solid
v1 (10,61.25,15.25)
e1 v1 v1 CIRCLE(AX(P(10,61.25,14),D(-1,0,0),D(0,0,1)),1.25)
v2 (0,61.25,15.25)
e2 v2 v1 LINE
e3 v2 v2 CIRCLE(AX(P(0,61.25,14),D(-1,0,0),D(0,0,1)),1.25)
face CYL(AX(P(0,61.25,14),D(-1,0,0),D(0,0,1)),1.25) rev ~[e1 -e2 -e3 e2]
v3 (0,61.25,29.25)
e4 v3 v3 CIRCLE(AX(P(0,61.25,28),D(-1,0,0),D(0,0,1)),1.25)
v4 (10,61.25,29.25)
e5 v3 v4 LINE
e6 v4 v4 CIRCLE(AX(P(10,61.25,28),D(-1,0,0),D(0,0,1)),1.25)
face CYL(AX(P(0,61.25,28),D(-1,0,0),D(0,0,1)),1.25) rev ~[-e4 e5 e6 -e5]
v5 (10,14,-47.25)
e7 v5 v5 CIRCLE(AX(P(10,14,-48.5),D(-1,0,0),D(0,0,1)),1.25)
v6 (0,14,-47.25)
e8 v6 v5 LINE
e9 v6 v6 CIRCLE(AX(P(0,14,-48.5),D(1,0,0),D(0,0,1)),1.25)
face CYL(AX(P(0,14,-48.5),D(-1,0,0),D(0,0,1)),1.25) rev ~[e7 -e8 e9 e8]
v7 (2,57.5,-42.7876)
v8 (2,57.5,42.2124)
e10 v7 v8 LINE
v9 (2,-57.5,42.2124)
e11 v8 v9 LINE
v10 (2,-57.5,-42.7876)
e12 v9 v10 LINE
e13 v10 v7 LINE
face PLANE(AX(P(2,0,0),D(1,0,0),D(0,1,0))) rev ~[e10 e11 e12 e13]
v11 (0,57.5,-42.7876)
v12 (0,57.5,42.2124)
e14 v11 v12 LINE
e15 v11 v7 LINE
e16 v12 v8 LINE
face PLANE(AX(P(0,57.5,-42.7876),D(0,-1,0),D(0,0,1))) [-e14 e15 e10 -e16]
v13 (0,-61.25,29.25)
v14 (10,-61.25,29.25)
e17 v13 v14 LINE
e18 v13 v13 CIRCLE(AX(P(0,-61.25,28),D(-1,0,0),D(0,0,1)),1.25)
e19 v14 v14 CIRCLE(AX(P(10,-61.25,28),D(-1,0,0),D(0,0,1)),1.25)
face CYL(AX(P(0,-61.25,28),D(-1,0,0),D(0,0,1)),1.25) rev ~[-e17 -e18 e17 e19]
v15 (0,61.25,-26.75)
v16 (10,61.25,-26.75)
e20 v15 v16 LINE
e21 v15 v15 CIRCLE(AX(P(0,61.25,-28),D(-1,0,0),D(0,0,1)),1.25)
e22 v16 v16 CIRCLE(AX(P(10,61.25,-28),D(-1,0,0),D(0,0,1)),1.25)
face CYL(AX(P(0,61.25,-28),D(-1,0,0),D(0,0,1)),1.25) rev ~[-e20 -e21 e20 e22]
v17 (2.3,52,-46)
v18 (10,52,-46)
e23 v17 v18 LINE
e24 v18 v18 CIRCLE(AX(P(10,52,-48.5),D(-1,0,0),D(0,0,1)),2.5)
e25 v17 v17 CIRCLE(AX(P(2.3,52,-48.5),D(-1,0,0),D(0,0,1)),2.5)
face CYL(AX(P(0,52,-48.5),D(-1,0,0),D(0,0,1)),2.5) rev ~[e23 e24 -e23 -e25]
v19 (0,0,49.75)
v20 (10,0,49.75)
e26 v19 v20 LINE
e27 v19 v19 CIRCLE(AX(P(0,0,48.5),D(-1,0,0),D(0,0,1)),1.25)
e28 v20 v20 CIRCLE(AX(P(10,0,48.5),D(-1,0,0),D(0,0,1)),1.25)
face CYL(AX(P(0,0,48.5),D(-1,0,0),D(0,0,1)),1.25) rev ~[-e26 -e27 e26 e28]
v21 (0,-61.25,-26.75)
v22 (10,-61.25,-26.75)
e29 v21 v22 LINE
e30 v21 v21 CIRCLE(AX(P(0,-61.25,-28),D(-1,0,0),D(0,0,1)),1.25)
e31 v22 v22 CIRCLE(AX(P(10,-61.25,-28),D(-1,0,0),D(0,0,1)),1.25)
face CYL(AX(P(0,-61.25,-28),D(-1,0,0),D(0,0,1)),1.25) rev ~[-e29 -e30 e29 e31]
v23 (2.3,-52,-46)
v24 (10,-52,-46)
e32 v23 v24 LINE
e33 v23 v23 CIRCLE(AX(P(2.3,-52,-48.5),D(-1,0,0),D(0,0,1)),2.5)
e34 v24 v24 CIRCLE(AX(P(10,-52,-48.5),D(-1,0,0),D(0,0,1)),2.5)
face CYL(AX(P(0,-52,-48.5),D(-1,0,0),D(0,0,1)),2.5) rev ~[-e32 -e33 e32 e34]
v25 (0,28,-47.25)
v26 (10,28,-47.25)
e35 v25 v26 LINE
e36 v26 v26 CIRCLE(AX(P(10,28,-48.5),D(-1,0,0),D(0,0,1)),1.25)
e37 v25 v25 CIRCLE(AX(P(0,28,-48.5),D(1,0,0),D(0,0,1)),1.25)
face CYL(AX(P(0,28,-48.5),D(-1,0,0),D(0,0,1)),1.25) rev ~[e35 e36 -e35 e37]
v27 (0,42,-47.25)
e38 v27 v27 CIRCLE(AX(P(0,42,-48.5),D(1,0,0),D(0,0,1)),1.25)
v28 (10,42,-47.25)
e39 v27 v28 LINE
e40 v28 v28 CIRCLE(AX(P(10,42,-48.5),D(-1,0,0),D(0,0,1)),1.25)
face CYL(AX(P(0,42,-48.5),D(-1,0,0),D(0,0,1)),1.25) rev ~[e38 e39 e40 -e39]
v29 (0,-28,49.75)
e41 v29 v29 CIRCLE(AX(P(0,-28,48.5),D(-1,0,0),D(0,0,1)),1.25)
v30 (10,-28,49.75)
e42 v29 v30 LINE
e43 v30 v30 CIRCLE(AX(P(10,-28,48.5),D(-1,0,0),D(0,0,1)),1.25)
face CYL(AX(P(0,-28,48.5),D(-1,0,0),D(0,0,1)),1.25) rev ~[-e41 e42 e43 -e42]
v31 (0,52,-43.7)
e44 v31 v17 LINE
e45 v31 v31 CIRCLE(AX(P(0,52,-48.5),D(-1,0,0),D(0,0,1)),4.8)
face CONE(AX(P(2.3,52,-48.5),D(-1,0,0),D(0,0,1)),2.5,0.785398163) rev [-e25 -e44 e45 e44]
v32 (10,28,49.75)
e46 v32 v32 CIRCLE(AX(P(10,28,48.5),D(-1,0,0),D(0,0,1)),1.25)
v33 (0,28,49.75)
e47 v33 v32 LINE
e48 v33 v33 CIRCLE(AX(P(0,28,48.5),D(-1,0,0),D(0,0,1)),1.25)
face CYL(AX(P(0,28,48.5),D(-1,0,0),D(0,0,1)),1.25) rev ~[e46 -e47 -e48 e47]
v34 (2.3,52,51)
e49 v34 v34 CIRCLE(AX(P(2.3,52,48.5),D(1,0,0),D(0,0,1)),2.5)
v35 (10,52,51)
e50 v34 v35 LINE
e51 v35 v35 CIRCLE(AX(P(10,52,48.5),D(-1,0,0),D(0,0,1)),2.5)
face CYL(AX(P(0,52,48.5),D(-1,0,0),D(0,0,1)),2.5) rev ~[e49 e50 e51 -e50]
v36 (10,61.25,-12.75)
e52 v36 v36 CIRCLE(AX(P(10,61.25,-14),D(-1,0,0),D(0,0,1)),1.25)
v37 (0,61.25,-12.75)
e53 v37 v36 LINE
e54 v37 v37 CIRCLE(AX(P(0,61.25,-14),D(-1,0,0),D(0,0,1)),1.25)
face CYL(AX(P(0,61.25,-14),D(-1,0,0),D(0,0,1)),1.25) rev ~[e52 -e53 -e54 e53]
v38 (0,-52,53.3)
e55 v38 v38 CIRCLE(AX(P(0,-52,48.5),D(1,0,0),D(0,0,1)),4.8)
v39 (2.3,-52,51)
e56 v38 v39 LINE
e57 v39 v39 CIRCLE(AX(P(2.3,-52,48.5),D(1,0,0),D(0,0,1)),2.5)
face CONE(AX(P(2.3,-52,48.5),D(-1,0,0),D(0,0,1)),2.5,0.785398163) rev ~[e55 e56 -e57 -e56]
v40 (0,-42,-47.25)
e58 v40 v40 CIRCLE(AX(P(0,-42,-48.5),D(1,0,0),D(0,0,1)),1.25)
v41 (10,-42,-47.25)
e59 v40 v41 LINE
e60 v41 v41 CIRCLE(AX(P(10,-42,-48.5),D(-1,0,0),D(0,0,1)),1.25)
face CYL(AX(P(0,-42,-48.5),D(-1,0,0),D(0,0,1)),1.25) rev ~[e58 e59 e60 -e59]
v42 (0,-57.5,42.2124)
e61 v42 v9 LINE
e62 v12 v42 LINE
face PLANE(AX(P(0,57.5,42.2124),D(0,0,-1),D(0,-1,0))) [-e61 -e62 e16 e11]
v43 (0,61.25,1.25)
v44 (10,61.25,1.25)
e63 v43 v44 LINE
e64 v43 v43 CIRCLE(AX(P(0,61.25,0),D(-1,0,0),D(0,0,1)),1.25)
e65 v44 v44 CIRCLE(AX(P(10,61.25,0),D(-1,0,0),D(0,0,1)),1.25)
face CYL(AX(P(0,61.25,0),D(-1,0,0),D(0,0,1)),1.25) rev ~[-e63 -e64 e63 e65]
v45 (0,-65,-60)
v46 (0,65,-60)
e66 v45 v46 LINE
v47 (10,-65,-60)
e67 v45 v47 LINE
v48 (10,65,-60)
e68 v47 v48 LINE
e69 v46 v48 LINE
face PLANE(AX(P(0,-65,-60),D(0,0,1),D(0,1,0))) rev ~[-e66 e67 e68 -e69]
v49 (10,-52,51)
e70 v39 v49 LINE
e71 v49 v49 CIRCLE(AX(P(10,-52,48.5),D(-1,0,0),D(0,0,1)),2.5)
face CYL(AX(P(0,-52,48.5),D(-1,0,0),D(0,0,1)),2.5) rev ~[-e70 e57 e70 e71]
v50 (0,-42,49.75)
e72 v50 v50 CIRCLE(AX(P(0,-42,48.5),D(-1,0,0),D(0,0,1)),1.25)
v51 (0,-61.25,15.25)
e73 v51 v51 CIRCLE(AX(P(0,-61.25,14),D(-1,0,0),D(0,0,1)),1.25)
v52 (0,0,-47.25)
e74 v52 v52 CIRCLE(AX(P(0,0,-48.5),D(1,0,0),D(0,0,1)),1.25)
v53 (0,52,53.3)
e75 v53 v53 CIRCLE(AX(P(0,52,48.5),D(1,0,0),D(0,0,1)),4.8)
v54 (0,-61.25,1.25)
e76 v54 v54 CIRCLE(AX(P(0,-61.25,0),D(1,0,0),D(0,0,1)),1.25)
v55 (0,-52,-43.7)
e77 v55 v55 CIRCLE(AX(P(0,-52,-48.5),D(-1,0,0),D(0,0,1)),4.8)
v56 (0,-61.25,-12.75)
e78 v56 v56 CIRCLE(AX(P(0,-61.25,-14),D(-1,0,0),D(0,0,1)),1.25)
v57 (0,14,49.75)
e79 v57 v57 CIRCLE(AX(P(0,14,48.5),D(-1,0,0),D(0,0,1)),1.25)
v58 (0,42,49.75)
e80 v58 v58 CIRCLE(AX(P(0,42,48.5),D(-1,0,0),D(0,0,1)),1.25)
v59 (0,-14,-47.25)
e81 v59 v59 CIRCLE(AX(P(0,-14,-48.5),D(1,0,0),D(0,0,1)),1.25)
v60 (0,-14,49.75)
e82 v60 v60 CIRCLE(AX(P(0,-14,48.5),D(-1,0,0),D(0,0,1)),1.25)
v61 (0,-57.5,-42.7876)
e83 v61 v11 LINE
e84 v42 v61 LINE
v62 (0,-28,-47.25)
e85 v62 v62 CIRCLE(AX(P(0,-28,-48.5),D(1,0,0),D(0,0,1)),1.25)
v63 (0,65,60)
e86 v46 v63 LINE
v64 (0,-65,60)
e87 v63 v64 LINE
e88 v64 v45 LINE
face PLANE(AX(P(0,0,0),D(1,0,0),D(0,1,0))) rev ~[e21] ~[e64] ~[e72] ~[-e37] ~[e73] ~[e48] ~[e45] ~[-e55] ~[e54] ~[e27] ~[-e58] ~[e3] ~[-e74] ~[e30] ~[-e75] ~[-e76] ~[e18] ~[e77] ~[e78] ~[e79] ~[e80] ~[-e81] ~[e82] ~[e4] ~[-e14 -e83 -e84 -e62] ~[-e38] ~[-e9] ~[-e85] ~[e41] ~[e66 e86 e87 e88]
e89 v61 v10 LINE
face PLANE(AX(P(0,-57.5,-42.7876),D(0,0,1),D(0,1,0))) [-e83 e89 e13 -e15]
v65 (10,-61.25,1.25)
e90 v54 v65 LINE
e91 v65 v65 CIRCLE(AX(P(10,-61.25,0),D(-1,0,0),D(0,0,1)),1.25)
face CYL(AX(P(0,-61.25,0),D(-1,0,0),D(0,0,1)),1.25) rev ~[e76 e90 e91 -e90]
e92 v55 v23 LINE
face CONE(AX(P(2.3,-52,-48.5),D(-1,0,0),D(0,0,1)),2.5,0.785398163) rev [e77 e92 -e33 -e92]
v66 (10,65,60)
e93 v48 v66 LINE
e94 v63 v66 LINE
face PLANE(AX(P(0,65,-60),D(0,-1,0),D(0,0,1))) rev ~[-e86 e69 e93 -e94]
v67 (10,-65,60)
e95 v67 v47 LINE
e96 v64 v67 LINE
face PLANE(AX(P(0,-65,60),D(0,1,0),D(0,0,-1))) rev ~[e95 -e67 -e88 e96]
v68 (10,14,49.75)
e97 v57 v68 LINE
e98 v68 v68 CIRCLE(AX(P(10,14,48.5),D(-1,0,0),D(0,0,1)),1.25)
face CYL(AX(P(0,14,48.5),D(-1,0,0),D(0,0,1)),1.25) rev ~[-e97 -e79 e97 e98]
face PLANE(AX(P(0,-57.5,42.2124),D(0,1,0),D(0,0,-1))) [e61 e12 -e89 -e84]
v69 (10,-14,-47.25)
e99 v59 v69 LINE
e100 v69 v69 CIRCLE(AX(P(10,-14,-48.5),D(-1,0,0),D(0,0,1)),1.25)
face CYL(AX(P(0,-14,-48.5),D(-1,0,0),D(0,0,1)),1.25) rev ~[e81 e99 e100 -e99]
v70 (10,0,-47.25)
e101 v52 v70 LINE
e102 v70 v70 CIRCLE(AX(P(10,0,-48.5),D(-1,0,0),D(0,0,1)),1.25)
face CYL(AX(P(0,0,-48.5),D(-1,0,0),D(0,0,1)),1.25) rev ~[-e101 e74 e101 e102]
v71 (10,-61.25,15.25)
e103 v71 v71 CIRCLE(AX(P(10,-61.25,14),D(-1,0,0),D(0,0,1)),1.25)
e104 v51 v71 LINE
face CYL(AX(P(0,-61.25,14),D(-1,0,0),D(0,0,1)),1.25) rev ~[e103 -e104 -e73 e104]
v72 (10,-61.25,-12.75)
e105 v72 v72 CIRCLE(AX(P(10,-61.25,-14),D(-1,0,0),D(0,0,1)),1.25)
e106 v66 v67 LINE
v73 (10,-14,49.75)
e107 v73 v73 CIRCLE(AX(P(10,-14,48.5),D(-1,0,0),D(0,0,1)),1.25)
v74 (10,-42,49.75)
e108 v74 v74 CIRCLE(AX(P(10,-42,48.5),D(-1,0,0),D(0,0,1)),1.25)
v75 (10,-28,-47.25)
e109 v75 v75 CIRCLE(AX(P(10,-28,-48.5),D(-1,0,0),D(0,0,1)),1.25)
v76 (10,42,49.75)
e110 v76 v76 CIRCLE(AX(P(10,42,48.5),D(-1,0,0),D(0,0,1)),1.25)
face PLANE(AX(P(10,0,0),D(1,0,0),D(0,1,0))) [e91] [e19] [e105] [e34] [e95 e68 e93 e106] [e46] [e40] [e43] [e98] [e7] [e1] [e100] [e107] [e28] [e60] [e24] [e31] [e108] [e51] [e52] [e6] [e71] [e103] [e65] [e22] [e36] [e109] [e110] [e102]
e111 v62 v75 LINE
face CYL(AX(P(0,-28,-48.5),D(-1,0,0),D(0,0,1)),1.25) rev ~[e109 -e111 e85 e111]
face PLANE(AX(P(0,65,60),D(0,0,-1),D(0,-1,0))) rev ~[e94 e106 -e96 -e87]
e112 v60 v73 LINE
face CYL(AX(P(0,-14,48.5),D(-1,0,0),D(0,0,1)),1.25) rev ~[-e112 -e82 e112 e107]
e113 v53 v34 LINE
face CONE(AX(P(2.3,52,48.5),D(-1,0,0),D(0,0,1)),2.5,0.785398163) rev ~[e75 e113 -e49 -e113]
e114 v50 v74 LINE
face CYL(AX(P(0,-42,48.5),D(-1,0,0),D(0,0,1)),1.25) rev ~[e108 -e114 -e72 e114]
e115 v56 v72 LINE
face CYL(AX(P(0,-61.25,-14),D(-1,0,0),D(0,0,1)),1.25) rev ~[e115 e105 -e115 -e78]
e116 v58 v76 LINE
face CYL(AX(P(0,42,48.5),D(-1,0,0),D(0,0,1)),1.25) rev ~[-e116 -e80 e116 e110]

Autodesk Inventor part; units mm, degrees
ref_plane "YZ Plane" through (0, 0, 0) normal (1, 0, 0) x (0, 1, 0)
ref_plane "XZ Plane" through (0, 0, 0) normal (0, 1, 0) x (-1, 0, 0)
ref_plane "XY Plane" through (0, 0, 0) normal (0, 0, 1) x (1, 0, 0)
sketch "Boceto1" plane through (0, 0, 0) normal (1, 0, 0) x (0, 1, 0)
  line L0 (-57.5, -42.7876) -> (57.5, -42.7876)
  line L1 (57.5, -42.7876) -> (57.5, 42.2124)
  line L2 (57.5, 42.2124) -> (-57.5, 42.2124)
  line L3 (-57.5, 42.2124) -> (-57.5, -42.7876)
  line L4 (-57.5, -42.7876) -> (57.5, 42.2124) construction
  line L5 (57.5, -42.7876) -> (-57.5, 42.2124) construction
  point P0 (0, 0)
  point P1 (0, -0.2876)
  dimension "d0" = 115
  dimension "d1" = 85
sketch "Boceto2" plane through (0, 0, 0) normal (1, 0, 0) x (0, 1, 0)
  line L0 (-65, -60) -> (65, -60)
  line L1 (65, -60) -> (65, 60)
  line L2 (65, 60) -> (-65, 60)
  line L3 (-65, 60) -> (-65, -60)
  line L4 (-65, -60) -> (65, 60) construction
  line L5 (65, -60) -> (-65, 60) construction
  point P0 (0, 0)
  dimension "d2" = 130
  dimension "d3" = 120
extrude "Extrusión1" add sketch "Boceto2" along normal blind 10
extrude "Extrusión2" cut sketch "Boceto1" along normal blind 2
sketch "Boceto3" plane through (0, 0, 0) normal (-1, 0, 0) x (0, 0, 1)
  line L0 (0, 0) -> (0, -52)
  line L1 (0, 0) -> (0, 52)
  line L2 (-60, -65) -> (-60, 65) projected
  line L3 (0, -52) -> (46, -52)
  line L4 (0, -52) -> (-46, -52)
  line L5 (-46, -52) -> (-48.5, -52)
  circle A0 centre (-48.5, -52) radius 2.5
  line L6 (46, -52) -> (48.5, -52)
  circle A1 centre (48.5, -52) radius 2.5
  line L7 (0, 52) -> (48.5, 52)
  line L8 (0, 52) -> (-48.5, 52)
  line L9 (-42.7876, -57.5) -> (-42.7876, 57.5) projected
  circle A2 centre (-48.5, 52) radius 2.5
  circle A3 centre (48.5, 52) radius 2.5
  dimension "d8" = 52
  dimension "d9" = 52
  dimension "d10" = 46
  dimension "d11" = 46
  dimension "d12" = 2.5
  dimension "d13" = 2.5
  dimension "d14" = 48.5
  dimension "d15" = 5
  dimension "d16" = 5
extrude "Extrusión3" cut sketch "Boceto3" against normal through all contours A1 | A0 | A2 | A3
chamfer "Chaflán1" distance 2.3 angle 45 4 edges at (0, 52, -51) (0, -52, -51) (0, -52, 46) (0, 52, 46)
sketch "Boceto5" plane through (0, 0, 0) normal (-1, 0, 0) x (0, 0, 1)
  circle A0 centre (-48.5, 52) radius 2.5 projected
  circle A1 centre (-48.5, -52) radius 2.5 projected
  line L0 (-48.5, 52) -> (-48.5, -52)
  line L1 (-48.5, 52) -> (-48.5, 44)
  line L2 (-48.5, 52) -> (-48.5, 38)
  circle A2 centre (-48.5, 0) radius 1.25
  circle A3 centre (-48.5, -14) radius 1.25
  circle A4 centre (-48.5, -28) radius 1.25
  circle A5 centre (-48.5, 14) radius 1.25
  circle A6 centre (-48.5, 28) radius 1.25
  circle A7 centre (-48.5, 42) radius 1.25
  line L3 (-48.5, -28) -> (-48.5, -42)
  circle A8 centre (-48.5, -42) radius 1.25
  line L4 (0, 0) -> (0, -23.0144)
  circle A9 centre (48.5, 0) radius 1.25
  circle A10 centre (48.5, -14) radius 1.25
  circle A11 centre (48.5, -28) radius 1.25
  circle A12 centre (48.5, 14) radius 1.25
  circle A13 centre (48.5, 28) radius 1.25
  circle A14 centre (48.5, 42) radius 1.25
  circle A15 centre (48.5, -42) radius 1.25
  dimension "d27" = 2.5
  dimension "d30" = 14
  dimension "d37" = 14
  dimension "d42" = 14
  dimension "d43" = 2.5
extrude "Extrusión4" cut sketch "Boceto5" against normal through all contours A8 L0 | L0 A8 | A4 L0 | L0 A4 | A3 L0 | L0 A3 | A2 L0 | L0 A2 | A5 L0 | L0 A5 | A6 L0 | L0 A6 | A7 L0 | L0 A7 | A9 | A10 | A11 | A12 | A13 | A14 | A15
sketch "Boceto6" plane through (0, 0, 0) normal (-1, 0, 0) x (0, 0, 1)
  line L0 (60, -65) -> (-60, -65) projected
  line L1 (42.2124, -57.5) -> (-42.7876, -57.5) projected
  line L2 (0, -57.5) -> (0, -65)
  circle A0 centre (0, -61.25) radius 1.25
  circle A1 centre (-14, -61.25) radius 1.25
  circle A2 centre (-28, -61.25) radius 1.25
  circle A3 centre (14, -61.25) radius 1.25
  circle A4 centre (28, -61.25) radius 1.25
  line L3 (0, 0) -> (18.5256, 0)
  circle A5 centre (0, 61.25) radius 1.25
  circle A6 centre (-14, 61.25) radius 1.25
  circle A7 centre (-28, 61.25) radius 1.25
  circle A8 centre (14, 61.25) radius 1.25
  circle A9 centre (28, 61.25) radius 1.25
  dimension "d46" = 2.5
  dimension "d49" = 14
  dimension "d56" = 14
extrude "Extrusión5" cut sketch "Boceto6" against normal through all
sketch "Boceto7" plane through (0, 0, 0) normal (-1, 0, 0) x (0, 0, 1)
  circle A0 centre (48.5, 42) radius 1.25 projected
  line L0 (48.5, 42) -> (48.5, 39)
  line L1 (48.5, 39) -> (52.5, 39)
  line L2 (52.5, 39) -> (52.5, 45)
  line L3 (52.5, 45) -> (40.5, 45)
  line L4 (40.5, 45) -> (25.5, 45)
  point P0 (0, 0)
  dimension "d63" = 3
  dimension "d64" = 4
  dimension "d65" = 6
  dimension "d66" = 12
  dimension "d67" = 15
properties part number "Soporte PCB"
